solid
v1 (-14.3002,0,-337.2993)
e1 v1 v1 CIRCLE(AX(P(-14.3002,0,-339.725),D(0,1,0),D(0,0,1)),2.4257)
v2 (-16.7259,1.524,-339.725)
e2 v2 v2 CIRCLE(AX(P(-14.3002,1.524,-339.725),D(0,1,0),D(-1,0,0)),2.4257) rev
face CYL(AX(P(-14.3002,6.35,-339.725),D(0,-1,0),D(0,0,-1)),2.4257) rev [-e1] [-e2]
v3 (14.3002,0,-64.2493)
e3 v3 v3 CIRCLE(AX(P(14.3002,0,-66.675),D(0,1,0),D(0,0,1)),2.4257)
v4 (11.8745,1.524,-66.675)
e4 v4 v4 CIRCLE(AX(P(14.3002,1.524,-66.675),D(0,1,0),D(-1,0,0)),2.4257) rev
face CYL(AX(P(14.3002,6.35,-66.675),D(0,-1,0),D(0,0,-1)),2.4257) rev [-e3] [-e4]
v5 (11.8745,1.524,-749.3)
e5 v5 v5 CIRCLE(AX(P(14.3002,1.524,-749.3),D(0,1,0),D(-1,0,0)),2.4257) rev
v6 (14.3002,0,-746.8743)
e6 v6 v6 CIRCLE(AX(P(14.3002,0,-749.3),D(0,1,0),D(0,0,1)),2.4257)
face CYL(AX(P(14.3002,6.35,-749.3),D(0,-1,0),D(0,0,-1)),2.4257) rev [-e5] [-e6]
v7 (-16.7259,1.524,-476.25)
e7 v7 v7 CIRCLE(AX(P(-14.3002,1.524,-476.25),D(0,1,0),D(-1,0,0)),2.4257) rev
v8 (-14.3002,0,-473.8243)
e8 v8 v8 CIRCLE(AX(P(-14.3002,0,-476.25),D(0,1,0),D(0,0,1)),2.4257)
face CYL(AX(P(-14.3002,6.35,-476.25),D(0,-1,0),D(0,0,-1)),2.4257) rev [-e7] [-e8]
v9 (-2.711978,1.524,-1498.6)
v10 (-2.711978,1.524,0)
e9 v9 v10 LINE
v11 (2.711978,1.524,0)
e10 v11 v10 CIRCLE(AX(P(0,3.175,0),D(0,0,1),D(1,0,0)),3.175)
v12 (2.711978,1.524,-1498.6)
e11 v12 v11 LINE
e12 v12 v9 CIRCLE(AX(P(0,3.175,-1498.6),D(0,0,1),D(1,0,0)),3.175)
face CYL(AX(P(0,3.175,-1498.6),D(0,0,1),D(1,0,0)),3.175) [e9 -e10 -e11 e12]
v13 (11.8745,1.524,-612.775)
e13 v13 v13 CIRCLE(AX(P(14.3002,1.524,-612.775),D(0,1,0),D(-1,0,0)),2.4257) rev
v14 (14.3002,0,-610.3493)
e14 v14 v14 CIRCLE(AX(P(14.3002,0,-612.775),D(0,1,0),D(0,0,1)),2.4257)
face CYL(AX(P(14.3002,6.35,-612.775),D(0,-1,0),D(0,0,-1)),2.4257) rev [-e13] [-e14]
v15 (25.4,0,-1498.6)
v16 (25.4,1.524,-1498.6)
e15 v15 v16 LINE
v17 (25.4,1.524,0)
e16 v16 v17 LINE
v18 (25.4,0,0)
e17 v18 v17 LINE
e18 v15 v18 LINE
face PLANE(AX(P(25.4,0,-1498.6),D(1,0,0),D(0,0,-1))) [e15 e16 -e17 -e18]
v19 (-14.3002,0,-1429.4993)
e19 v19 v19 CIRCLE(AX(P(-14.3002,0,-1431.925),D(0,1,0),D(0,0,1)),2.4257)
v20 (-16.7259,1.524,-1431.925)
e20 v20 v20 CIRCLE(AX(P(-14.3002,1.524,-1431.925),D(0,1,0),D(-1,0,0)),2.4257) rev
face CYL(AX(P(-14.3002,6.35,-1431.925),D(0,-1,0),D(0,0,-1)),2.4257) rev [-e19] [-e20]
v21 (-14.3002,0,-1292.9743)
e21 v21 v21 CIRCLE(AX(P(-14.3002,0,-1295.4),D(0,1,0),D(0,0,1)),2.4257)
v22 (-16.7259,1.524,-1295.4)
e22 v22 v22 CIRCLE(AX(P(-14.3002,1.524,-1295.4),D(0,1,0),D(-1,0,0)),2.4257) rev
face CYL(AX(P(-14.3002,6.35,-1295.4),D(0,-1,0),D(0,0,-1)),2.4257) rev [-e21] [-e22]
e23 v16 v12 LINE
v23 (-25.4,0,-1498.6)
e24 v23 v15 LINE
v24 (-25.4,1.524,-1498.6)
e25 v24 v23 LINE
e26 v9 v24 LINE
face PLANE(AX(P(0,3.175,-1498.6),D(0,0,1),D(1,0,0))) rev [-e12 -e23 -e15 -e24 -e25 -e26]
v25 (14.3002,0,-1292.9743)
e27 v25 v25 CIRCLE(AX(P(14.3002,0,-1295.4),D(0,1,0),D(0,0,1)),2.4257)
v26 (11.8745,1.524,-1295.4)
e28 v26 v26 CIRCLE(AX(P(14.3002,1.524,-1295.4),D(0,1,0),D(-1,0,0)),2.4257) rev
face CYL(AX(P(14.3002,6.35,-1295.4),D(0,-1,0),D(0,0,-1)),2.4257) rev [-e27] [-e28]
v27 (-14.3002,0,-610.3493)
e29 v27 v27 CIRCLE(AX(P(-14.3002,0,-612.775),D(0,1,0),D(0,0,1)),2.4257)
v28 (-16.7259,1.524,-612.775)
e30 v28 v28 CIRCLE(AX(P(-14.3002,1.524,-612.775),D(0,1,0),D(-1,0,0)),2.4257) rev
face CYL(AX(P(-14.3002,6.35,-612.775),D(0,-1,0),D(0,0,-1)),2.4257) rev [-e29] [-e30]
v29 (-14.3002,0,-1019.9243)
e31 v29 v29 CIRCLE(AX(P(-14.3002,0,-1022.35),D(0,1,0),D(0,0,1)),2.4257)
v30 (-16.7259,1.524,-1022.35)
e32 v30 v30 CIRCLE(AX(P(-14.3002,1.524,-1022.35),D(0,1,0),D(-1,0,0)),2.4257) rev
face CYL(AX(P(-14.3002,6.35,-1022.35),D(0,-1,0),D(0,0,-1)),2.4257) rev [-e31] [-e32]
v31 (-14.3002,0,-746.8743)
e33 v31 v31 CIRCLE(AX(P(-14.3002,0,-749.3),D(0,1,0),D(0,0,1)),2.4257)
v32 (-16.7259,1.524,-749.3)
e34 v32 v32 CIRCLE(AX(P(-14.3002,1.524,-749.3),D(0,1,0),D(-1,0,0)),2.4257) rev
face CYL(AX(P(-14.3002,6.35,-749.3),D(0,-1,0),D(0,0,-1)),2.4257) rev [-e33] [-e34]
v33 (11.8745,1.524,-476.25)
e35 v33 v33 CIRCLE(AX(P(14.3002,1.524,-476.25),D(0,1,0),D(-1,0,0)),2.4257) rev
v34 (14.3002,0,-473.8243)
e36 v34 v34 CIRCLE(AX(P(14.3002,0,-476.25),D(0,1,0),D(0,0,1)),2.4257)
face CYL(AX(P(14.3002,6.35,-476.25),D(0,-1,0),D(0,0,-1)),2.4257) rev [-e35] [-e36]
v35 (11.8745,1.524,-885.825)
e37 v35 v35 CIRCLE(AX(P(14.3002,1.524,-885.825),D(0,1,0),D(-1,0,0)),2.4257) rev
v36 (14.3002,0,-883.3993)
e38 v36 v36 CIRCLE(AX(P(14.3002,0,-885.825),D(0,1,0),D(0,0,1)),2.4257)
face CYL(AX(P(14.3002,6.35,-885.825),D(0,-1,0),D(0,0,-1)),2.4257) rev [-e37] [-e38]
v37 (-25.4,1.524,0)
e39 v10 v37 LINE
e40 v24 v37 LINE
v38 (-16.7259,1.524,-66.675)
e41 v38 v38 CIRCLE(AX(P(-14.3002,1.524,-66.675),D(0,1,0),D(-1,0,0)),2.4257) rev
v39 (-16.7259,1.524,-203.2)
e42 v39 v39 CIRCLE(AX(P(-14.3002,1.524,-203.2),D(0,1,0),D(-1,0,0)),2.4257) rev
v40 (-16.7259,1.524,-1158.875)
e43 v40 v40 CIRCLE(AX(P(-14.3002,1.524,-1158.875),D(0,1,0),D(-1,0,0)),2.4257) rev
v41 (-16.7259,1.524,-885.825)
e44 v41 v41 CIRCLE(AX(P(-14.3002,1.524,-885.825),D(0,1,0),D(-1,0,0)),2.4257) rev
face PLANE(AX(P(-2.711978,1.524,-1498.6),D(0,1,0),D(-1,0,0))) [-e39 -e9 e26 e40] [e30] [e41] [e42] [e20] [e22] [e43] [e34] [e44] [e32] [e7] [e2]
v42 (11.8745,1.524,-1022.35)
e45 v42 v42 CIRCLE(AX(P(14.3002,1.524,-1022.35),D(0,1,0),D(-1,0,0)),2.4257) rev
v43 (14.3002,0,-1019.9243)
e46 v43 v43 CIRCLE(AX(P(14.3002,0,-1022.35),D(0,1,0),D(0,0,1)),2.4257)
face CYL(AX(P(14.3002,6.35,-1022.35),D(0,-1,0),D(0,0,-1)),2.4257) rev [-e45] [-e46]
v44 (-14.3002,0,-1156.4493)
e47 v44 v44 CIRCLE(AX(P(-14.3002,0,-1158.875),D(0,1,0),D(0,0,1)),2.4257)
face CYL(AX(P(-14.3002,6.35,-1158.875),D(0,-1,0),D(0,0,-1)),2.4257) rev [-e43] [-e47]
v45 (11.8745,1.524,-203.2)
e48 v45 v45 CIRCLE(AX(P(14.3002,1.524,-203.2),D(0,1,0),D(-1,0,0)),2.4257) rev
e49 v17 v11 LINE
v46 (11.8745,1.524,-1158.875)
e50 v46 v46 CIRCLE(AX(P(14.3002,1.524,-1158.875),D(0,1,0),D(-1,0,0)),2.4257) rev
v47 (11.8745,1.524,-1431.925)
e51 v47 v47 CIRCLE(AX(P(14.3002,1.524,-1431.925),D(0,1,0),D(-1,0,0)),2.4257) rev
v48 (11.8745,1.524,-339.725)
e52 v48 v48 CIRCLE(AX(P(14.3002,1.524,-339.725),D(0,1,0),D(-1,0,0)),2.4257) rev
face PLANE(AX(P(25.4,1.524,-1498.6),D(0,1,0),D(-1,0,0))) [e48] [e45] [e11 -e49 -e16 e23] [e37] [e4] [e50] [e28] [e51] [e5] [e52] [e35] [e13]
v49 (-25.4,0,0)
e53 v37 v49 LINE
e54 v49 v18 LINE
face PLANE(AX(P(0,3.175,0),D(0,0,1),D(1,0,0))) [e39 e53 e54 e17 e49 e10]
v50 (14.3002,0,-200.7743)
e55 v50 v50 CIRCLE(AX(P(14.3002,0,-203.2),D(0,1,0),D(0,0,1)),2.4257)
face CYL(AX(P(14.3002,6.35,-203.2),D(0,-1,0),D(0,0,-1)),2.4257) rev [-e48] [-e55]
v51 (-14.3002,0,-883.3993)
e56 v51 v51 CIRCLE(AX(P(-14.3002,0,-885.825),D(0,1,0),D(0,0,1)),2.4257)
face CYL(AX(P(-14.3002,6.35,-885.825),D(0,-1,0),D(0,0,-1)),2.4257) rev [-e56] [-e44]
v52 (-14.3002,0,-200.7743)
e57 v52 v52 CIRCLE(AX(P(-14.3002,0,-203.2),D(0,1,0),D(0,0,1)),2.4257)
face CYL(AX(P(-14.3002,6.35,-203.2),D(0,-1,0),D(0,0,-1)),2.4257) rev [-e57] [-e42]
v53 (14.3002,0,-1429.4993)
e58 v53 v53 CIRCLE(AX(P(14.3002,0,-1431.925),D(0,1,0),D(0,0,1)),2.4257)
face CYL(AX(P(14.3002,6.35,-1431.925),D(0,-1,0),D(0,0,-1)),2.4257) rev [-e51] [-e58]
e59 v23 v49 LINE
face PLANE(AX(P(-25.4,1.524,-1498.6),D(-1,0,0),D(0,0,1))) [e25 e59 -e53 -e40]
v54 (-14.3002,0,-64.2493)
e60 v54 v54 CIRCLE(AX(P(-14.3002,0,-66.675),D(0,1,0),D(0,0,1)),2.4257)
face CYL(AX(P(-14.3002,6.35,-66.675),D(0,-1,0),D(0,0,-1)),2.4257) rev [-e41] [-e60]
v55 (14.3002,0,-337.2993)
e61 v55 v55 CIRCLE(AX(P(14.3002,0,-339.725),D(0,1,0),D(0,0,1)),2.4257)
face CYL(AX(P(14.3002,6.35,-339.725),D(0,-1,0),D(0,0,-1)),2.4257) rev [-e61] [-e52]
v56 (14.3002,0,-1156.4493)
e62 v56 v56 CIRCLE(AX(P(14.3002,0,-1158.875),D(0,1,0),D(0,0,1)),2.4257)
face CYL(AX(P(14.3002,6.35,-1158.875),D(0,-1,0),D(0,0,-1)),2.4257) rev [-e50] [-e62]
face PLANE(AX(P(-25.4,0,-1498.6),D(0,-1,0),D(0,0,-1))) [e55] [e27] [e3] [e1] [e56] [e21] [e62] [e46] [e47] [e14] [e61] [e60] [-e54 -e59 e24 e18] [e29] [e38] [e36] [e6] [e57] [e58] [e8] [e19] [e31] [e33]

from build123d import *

# Parameters (mm, degrees)
EXTRUDE1_DEPTH     = 1498.6
SKETCH2_R          = 2.4257
CUT_EXTRUDE1_DEPTH = 1499.828690178
LPATTERN1_COUNT    = 11
LPATTERN1_PITCH    = 136.525


with BuildPart() as part:
    # Sketch1 → Extrude1 (new body)
    with BuildSketch(Plane.XY):
        with BuildLine():
            Line((-25.4, 0), (25.4, 0))
            Line((25.4, 0), (25.4, 1.524))
            Line((25.4, 1.524), (2.711977876, 1.524))
            ThreePointArc((2.711977876, 1.524), (0, 6.35), (-2.711977876, 1.524))
            Line((-2.711977876, 1.524), (-25.4, 1.524))
            Line((-25.4, 1.524), (-25.4, 0))
        make_face()
    extrude(amount=-EXTRUDE1_DEPTH)

    # Sketch2 → Cut-Extrude1 (cut, through all)
    with BuildSketch(Plane(origin=(0, 0, 0), x_dir=(1, 0, 0), z_dir=(0, 1, 0))):
        with Locations(Location((14.3002, 66.675, 0), (0, 0, 180))):
            Circle(SKETCH2_R)
        with Locations(Location((-14.3002, 66.675, 0), (0, 0, 180))):
            Circle(SKETCH2_R)
    cut_extrude1 = extrude(amount=CUT_EXTRUDE1_DEPTH, mode=Mode.SUBTRACT)

    # LPattern1: Cut-Extrude1 ×11
    with Locations(*[(0, 0, -i * LPATTERN1_PITCH) for i in range(1, LPATTERN1_COUNT)]):
        add(cut_extrude1, mode=Mode.SUBTRACT)


solid = part.part
